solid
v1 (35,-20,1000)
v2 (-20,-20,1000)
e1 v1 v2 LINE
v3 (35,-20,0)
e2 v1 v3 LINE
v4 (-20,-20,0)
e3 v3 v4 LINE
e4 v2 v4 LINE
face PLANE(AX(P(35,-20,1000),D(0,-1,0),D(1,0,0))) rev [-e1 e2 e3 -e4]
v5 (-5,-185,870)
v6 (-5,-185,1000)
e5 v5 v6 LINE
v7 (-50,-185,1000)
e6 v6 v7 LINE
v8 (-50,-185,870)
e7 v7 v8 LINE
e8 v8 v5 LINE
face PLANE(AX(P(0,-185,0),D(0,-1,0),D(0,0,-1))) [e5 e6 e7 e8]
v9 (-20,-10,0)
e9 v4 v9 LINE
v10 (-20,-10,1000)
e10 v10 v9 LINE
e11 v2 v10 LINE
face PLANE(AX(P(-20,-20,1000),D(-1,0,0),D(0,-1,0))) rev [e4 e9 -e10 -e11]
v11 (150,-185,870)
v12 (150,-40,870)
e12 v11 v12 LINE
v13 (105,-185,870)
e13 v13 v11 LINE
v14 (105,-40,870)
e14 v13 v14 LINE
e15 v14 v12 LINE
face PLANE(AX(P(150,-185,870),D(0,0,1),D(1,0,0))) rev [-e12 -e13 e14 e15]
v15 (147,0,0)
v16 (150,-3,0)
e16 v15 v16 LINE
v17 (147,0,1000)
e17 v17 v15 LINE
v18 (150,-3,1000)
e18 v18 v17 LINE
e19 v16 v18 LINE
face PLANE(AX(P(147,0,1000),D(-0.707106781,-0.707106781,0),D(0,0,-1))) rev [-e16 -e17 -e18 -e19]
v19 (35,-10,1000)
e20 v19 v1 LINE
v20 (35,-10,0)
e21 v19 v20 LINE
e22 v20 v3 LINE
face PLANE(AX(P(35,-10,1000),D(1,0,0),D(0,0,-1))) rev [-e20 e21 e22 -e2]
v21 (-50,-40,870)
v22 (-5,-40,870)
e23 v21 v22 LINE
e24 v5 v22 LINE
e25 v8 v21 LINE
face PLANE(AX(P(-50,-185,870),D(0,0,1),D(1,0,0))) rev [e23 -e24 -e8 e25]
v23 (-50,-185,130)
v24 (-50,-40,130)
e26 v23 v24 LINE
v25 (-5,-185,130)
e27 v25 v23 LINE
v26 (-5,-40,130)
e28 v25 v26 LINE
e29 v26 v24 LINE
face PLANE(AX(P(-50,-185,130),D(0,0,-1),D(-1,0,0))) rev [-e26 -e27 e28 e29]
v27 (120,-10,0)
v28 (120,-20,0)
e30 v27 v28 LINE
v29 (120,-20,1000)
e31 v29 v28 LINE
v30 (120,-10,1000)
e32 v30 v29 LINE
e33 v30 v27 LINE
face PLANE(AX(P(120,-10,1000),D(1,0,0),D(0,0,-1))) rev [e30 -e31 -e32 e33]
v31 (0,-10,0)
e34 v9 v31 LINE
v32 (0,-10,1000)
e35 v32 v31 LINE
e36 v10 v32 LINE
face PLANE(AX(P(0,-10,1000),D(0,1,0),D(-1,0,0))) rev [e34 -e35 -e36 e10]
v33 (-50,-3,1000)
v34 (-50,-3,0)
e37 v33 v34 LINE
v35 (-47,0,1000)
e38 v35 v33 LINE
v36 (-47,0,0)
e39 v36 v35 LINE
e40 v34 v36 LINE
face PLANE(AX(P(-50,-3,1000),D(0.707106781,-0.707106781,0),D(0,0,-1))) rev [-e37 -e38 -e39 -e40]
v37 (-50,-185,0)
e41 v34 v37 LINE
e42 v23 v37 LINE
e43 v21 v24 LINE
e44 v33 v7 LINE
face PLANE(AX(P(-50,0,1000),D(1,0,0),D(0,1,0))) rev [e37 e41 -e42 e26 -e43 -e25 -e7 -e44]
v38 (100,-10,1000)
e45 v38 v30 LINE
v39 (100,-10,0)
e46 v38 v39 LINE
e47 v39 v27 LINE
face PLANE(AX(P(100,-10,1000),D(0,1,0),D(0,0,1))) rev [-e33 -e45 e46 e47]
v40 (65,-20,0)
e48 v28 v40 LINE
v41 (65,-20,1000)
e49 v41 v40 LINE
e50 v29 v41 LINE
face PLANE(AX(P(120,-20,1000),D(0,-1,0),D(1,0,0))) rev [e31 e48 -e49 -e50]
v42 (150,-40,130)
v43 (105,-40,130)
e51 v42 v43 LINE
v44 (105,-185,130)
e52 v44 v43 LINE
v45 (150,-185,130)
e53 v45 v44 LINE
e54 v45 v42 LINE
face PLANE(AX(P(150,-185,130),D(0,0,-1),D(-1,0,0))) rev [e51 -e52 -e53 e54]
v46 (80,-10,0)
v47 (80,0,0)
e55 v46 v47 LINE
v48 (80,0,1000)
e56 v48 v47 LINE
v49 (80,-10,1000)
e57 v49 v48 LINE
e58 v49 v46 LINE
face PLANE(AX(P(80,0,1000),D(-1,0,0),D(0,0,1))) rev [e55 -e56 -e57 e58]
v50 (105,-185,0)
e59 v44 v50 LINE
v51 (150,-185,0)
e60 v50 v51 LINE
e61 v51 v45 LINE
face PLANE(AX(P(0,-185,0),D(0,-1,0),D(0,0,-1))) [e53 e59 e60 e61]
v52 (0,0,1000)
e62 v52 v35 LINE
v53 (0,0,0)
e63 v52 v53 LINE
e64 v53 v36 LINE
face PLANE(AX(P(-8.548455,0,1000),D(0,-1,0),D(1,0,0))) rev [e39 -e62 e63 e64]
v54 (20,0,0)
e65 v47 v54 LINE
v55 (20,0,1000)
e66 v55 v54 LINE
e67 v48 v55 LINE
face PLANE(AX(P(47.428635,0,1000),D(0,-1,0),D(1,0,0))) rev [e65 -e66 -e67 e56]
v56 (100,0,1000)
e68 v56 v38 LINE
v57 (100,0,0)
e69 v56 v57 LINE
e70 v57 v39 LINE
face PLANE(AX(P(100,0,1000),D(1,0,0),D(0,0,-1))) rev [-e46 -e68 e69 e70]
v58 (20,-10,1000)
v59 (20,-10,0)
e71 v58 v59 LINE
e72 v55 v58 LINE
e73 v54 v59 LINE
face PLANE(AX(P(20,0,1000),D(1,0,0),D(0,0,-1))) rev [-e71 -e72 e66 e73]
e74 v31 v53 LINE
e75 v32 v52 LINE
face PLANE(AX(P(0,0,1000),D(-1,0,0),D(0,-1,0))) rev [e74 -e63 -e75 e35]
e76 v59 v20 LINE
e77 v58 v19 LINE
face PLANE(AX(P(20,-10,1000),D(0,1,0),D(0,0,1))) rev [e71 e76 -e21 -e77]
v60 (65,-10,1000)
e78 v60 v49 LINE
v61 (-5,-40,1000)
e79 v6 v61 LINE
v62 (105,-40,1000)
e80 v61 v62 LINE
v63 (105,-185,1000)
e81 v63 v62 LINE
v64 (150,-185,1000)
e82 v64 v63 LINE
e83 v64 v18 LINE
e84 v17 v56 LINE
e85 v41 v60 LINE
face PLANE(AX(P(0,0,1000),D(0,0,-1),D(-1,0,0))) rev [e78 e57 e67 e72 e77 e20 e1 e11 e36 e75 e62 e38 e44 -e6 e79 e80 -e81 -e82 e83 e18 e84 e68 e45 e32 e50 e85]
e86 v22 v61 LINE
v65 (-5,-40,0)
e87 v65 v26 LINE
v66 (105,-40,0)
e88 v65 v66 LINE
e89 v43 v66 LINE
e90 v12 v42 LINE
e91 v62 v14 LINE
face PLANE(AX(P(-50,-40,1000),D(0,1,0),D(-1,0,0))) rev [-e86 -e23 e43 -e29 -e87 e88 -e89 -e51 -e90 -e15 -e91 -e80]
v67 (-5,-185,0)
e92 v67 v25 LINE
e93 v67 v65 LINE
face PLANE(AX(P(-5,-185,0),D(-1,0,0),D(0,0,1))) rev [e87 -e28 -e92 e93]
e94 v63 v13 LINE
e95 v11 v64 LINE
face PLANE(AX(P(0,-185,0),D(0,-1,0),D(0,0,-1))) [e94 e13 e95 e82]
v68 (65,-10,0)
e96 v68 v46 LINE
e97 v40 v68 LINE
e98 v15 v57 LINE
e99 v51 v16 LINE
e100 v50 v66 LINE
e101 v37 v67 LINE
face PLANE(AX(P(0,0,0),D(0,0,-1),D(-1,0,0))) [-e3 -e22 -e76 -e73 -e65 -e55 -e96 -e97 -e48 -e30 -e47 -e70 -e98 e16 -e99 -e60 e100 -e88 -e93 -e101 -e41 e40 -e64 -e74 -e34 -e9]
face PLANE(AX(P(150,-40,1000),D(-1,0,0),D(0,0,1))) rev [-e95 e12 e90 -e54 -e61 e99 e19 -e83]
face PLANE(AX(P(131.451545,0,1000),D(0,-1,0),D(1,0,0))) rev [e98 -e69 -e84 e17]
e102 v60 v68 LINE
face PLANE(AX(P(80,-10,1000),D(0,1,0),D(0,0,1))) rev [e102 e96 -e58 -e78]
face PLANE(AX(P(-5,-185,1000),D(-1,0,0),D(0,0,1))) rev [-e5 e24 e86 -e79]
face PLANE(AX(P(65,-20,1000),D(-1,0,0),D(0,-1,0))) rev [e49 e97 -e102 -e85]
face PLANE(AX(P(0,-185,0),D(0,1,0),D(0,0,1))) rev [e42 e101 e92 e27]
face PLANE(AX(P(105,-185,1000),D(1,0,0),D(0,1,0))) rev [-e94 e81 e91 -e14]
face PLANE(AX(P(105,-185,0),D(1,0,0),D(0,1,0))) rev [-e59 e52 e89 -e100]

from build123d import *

# Parameters (mm, degrees)
BOSS_EXTRUDE1_DEPTH = 1000
SKETCH2_W           = 45
SKETCH2_H           = 130
BOSS_EXTRUDE2_DEPTH = 145
CHAMFER1_SIZE       = 3


with BuildPart() as part:
    # Sketch1 → Boss-Extrude1 (new body)
    with BuildSketch(Plane.XY):
        Polygon((-8.548454956, 0), (-50, 0), (-50, -40), (150, -40), (150, 0), (131.451545044, 0), (100, 0), (100, -10), (120, -10), (120, -20), (65, -20), (65, -10), (80, -10), (80, 0), (77.428634929, 0), (47.428634929, 0), (20, 0), (20, -10), (35, -10), (35, -20), (-20, -20), (-20, -10), (0, -10), (0, 0), align=None)
    extrude(amount=BOSS_EXTRUDE1_DEPTH)

    # Sketch2 → Boss-Extrude2 (add)
    with BuildSketch(Plane.XZ.offset(40)):
        with Locations((127.5, 935)):
            Rectangle(SKETCH2_W, SKETCH2_H)
        with Locations((-27.5, 935)):
            Rectangle(SKETCH2_W, SKETCH2_H)
        with Locations((127.5, 65)):
            Rectangle(SKETCH2_W, SKETCH2_H)
        with Locations((-27.5, 65)):
            Rectangle(SKETCH2_W, SKETCH2_H)
    extrude(amount=BOSS_EXTRUDE2_DEPTH)

    # Chamfer1
    chamfer1_edges = [part.edges().sort_by_distance(p)[0] for p in [
        (150, 0, 500),
        (-50, 0, 500),
    ]]
    chamfer(chamfer1_edges, length=CHAMFER1_SIZE)


solid = part.part
